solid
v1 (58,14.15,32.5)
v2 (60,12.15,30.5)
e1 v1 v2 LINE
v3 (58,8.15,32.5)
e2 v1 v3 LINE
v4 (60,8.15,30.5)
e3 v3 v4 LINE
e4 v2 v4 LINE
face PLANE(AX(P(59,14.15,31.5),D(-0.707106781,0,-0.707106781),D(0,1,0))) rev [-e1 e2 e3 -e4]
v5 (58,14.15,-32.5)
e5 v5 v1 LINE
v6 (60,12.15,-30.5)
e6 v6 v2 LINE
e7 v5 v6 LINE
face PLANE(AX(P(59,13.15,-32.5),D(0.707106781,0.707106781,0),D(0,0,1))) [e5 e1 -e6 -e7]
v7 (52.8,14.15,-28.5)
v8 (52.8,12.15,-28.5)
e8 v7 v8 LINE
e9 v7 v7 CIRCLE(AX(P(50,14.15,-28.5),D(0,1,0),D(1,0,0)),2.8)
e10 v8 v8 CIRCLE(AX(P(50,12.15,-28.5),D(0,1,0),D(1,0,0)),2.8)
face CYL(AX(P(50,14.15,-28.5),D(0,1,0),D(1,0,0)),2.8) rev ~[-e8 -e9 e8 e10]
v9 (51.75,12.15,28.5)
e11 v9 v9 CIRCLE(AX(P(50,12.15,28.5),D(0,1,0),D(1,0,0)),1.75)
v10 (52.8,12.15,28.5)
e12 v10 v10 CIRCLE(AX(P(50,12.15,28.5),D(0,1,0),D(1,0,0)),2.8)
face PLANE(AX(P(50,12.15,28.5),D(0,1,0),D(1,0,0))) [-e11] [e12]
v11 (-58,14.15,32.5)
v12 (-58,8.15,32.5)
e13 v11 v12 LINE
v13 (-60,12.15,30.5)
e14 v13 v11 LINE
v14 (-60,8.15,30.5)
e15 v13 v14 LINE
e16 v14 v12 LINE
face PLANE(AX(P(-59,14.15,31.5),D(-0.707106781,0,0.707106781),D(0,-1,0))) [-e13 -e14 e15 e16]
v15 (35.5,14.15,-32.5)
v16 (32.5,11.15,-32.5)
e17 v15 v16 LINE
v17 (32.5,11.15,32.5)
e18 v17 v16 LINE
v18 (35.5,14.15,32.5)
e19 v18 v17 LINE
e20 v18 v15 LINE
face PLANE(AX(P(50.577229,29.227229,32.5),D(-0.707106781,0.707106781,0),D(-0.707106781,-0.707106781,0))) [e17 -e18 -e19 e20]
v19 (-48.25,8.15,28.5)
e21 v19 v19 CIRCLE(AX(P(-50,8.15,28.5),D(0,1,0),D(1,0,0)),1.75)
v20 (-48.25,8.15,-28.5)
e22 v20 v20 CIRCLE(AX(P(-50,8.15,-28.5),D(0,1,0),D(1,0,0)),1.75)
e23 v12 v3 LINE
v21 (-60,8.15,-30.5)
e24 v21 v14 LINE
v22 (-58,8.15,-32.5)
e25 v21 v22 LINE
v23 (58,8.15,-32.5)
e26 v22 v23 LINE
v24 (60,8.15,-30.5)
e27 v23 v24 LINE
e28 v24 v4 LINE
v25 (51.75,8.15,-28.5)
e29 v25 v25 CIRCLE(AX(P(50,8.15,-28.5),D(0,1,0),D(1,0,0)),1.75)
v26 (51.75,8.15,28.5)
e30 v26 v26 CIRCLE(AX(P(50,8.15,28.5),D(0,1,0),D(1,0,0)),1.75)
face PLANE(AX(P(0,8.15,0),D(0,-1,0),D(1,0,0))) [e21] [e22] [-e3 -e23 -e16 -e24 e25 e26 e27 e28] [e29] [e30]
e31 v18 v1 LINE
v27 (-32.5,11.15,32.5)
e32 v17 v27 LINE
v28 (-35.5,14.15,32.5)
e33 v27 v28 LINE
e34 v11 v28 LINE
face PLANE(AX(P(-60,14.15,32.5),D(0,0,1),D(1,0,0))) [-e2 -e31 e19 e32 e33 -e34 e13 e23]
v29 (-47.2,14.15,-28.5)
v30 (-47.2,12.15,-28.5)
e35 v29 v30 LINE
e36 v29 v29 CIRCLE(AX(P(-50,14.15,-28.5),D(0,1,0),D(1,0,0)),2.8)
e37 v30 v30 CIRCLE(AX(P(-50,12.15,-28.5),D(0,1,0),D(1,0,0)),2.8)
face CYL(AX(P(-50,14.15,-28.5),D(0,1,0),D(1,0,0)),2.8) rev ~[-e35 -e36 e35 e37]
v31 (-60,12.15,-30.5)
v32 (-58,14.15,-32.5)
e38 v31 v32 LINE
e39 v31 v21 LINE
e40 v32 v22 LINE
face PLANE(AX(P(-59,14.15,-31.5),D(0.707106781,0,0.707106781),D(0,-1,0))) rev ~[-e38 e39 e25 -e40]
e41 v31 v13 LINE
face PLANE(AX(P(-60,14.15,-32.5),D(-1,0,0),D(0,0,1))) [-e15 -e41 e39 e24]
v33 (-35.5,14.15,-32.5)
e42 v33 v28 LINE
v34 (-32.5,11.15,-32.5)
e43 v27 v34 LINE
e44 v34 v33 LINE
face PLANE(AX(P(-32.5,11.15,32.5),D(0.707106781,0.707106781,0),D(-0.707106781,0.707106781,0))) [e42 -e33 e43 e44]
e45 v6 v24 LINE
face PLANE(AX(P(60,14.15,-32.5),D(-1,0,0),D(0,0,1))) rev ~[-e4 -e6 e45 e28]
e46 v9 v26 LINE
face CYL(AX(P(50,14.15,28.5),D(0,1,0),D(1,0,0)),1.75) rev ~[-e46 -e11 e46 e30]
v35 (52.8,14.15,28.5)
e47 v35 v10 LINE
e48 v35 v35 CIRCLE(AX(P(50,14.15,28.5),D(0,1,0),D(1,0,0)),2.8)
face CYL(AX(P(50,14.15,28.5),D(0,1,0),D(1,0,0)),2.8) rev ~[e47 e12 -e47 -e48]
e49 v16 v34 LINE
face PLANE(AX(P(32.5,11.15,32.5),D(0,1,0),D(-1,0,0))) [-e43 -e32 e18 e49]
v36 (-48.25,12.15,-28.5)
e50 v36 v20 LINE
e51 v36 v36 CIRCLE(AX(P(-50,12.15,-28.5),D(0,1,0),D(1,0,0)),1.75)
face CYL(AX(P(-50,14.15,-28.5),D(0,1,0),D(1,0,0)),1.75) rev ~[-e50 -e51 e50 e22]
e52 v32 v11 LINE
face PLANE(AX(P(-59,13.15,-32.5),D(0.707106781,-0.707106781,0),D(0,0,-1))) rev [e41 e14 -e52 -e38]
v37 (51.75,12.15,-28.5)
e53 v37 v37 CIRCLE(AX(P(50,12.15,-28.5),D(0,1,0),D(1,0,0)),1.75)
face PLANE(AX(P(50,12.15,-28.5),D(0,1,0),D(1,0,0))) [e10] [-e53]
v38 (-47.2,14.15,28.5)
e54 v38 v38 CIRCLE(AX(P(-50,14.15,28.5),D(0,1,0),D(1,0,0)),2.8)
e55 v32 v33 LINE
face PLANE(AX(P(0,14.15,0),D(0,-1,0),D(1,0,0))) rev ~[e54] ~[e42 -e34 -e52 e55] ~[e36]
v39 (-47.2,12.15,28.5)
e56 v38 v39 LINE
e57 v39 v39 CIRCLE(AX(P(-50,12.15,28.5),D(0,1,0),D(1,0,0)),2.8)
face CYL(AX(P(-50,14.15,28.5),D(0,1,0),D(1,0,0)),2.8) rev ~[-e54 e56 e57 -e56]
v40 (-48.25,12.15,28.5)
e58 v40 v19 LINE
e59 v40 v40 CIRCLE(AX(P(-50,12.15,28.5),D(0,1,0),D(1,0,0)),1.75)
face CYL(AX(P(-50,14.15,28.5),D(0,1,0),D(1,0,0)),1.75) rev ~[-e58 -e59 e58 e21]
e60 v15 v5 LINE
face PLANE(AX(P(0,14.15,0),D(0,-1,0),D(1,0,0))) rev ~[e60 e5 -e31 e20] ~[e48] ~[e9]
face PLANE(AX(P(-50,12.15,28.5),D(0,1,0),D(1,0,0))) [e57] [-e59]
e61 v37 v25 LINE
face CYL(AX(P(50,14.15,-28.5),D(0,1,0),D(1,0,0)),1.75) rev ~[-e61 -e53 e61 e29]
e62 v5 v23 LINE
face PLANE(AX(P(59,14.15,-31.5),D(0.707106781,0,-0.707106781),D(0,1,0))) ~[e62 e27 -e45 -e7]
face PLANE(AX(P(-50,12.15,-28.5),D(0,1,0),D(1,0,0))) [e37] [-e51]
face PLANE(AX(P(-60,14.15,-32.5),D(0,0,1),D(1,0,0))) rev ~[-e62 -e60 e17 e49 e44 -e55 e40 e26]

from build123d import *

# Parameters (mm, degrees)
SKETCH_W        = 120
SKETCH_H        = 65
PAD007_DEPTH    = 6
POCKET_DEPTH    = 65.001
CHAMFER009_SIZE = 2
SKETCH055_R     = 1.75
POCKET040_DEPTH = 6.001
SKETCH059_R     = 2.8
POCKET041_DEPTH = 2


with BuildPart() as part:
    # Sketch → Pad007 (new body)
    with BuildSketch(Plane.XZ):
        Rectangle(SKETCH_W, SKETCH_H)
    extrude(amount=PAD007_DEPTH)

    # Sketch054 (on Face1 of Pad007) → Pocket (cut, through all)
    with BuildSketch(Plane(origin=(0, 0, 32.5), x_dir=(-1, 0, 0), z_dir=(0, 0, 1))):
        Polygon((-73.60865, -3.669498), (-50.80994, -15.077229), (-50.577229, -15.077229), (-32.5, 3), (32.5, 3), (50.577229, -15.077229), (50.80994, -15.077229), (73.60865, -3.669498), (73.60865, -24.458851), (-87.275108, -33.737259), align=None)
    extrude(amount=-POCKET_DEPTH, mode=Mode.SUBTRACT)

    # Chamfer009
    chamfer009_edges = [part.edges().sort_by_distance(p)[0] for p in [
        (60, -3, -32.5),
        (60, -3, 32.5),
        (60, 0, 0),
        (-60, -3, -32.5),
        (-60, 0, 0),
        (-60, -3, 32.5),
    ]]
    chamfer(chamfer009_edges, length=CHAMFER009_SIZE)

    # Sketch055 → Pocket040 (cut, through all)
    with BuildSketch(Plane(origin=(0, 0, 0), x_dir=(1, 0, 0), z_dir=(0, 1, 0))):
        with Locations((-50, 28.5)):
            Circle(SKETCH055_R)
        with Locations((-50, -28.5)):
            Circle(SKETCH055_R)
        with Locations((50, 28.5)):
            Circle(SKETCH055_R)
        with Locations((50, -28.5)):
            Circle(SKETCH055_R)
    extrude(amount=-POCKET040_DEPTH, mode=Mode.SUBTRACT)

    # Sketch059 (on Face2 of Pocket040) → Pocket041 (cut)
    with BuildSketch(Plane(origin=(0, 0, 0), x_dir=(1, 0, 0), z_dir=(0, 1, 0))):
        with Locations((-50, 28.5)):
            Circle(SKETCH059_R)
        with Locations((-50, -28.5)):
            Circle(SKETCH059_R)
        with Locations((50, 28.5)):
            Circle(SKETCH059_R)
        with Locations((50, -28.5)):
            Circle(SKETCH059_R)
    extrude(amount=-POCKET041_DEPTH, mode=Mode.SUBTRACT)


with BuildPart() as part_1:
    # Body003 placement: moved
    add(part.part.moved(Location((0, 14.15, 0))))


solid = part_1.part
